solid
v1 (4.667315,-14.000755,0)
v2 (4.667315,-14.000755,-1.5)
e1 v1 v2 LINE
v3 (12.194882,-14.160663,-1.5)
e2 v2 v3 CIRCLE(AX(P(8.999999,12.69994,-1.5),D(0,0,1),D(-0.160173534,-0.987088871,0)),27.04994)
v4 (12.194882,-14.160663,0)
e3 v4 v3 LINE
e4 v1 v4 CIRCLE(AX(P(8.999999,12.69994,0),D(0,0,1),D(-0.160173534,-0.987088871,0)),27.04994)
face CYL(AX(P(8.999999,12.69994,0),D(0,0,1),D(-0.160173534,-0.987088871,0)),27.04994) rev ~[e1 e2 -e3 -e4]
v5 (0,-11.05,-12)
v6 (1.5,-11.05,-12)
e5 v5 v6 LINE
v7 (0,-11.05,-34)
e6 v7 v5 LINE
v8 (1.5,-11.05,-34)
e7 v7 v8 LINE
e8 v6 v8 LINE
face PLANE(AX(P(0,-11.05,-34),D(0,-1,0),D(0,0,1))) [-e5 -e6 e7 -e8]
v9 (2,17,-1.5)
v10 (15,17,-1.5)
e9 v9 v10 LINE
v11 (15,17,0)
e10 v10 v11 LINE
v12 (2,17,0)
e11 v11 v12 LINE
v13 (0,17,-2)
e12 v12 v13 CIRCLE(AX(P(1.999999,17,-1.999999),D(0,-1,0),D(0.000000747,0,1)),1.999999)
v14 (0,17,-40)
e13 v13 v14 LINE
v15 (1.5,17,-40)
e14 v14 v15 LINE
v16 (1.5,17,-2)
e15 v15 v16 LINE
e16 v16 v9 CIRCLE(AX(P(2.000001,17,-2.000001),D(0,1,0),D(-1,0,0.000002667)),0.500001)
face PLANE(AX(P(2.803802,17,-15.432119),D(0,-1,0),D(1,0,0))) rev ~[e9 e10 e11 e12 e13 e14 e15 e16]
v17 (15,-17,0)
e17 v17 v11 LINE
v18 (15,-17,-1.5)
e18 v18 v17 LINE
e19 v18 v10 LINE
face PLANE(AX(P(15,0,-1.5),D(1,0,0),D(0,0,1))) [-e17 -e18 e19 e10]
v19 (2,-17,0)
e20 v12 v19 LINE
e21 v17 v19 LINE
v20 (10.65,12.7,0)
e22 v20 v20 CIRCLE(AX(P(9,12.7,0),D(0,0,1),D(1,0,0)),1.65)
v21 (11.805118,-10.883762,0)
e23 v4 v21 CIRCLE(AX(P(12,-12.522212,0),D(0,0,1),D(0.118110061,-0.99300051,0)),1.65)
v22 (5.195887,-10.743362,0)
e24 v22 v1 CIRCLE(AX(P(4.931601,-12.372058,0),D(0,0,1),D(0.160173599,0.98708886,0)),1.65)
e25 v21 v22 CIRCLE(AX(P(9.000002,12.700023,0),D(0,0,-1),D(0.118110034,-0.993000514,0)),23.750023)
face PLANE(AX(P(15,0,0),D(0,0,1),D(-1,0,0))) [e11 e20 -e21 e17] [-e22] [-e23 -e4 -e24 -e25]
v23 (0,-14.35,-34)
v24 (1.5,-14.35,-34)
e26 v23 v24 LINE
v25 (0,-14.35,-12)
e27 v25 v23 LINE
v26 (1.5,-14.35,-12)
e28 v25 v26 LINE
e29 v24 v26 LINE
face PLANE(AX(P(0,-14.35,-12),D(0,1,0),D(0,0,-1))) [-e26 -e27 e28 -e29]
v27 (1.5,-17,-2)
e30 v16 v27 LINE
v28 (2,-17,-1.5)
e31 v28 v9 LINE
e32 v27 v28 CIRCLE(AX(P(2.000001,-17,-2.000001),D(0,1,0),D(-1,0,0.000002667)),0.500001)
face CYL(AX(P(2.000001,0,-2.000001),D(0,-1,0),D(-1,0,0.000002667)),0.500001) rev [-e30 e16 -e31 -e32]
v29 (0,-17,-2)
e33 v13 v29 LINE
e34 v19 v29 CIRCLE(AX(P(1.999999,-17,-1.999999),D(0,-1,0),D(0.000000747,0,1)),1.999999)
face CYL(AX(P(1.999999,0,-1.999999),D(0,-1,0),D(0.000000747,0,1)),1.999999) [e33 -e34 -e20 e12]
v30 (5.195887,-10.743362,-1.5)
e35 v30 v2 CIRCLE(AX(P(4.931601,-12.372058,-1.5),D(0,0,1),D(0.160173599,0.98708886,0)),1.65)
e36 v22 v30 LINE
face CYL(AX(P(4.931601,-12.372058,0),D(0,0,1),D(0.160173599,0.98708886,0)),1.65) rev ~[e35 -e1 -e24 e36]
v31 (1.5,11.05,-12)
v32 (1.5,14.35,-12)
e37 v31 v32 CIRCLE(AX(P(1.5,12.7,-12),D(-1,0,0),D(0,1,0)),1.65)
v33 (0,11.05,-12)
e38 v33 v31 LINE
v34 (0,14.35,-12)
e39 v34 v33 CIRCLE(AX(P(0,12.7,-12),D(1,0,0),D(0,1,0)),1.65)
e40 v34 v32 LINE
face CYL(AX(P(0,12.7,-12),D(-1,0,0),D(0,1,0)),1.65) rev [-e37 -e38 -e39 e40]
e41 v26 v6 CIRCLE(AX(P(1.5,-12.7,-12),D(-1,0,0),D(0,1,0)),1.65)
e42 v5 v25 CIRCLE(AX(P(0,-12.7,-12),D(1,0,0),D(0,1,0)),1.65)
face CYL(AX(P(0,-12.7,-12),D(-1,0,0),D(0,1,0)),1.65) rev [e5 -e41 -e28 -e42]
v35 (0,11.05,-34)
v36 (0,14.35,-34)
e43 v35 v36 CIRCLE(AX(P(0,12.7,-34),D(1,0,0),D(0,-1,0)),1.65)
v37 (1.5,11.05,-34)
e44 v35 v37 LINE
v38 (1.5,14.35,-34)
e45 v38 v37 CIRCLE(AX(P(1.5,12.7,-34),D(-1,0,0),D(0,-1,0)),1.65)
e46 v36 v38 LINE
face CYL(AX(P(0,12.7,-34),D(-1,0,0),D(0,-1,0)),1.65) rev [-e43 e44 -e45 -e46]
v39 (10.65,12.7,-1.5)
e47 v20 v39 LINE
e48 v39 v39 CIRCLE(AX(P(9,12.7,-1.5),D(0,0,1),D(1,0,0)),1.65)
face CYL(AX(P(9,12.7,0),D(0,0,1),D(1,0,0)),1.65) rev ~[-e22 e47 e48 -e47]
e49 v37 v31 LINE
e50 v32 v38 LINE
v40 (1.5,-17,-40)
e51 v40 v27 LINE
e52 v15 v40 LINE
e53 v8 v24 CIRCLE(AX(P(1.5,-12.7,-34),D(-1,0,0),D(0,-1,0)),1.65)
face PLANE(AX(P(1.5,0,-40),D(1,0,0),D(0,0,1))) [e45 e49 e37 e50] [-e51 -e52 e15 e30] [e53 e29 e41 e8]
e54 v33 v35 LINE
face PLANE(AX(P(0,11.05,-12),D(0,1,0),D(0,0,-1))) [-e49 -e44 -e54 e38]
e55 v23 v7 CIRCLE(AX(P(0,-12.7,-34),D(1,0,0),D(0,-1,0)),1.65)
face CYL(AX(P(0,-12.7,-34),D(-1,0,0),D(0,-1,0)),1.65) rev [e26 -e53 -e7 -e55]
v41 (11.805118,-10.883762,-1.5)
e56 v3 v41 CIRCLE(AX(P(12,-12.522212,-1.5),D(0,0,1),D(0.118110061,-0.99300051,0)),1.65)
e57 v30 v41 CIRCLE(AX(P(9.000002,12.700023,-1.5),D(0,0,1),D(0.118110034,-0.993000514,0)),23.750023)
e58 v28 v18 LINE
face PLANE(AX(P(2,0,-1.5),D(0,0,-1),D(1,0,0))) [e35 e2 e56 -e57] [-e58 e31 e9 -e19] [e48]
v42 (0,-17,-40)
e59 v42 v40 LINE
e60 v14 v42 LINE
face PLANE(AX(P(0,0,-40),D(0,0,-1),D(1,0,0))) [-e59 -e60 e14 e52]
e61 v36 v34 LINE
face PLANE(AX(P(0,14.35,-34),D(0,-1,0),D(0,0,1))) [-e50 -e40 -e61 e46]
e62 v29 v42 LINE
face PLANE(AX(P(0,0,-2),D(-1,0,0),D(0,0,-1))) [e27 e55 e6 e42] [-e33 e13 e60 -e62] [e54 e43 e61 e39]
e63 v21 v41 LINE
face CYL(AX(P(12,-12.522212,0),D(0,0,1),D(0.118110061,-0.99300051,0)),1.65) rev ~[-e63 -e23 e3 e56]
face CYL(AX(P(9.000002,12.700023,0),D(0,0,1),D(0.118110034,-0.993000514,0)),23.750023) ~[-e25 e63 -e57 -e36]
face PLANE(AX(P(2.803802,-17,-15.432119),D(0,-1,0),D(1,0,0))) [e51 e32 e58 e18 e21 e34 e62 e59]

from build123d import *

# Parameters (mm, degrees)
F1_DEPTH = 17
F2_R     = 1.65
F3_DEPTH = 40.001
F5_DEPTH = 15.001


with BuildPart() as f1:
    # F0 (on Front) → F1 (new body, symmetric)
    with BuildSketch(Plane.XZ):
        with BuildLine():
            Line((15, 0), (2, 0))
            ThreePointArc((2, 0), (0.585786, -0.585786), (0, -2))
            Line((0, -2), (0, -40))
            Line((0, -40), (1.5, -40))
            Line((1.5, -40), (1.5, -2))
            ThreePointArc((1.5, -2), (1.646447, -1.646447), (2, -1.5))
            Line((2, -1.5), (15, -1.5))
            Line((15, -1.5), (15, 0))
        make_face()
    extrude(amount=F1_DEPTH, both=True)

    # F2 (on Top) → F3 (cut, through all)
    with BuildSketch(Plane.XY):
        with BuildLine():
            ThreePointArc((12.194882, -14.160663), (13.638451, -12.327331), (11.805118, -10.883762))
            ThreePointArc((11.805118, -10.883762), (8.495594, -11.044643), (5.195887, -10.743362))
            ThreePointArc((5.195887, -10.743362), (3.302904, -12.107773), (4.667315, -14.000755))
            ThreePointArc((4.667315, -14.000755), (8.425508, -14.343899), (12.194882, -14.160663))
        make_face()
        with Locations((9, 12.7)):
            Circle(F2_R)
    extrude(amount=-F3_DEPTH, mode=Mode.SUBTRACT)

    # F4 (on Right) → F5 (cut, through all)
    with BuildSketch(Plane.YZ):
        with BuildLine():
            ThreePointArc((11.05, -34), (12.7, -35.65), (14.35, -34))
            Line((14.35, -34), (14.35, -12))
            ThreePointArc((14.35, -12), (12.7, -10.35), (11.05, -12))
            Line((11.05, -12), (11.05, -34))
        make_face()
        with BuildLine():
            ThreePointArc((-14.35, -34), (-12.7, -35.65), (-11.05, -34))
            Line((-11.05, -34), (-11.05, -12))
            ThreePointArc((-11.05, -12), (-12.7, -10.35), (-14.35, -12))
            Line((-14.35, -12), (-14.35, -34))
        make_face()
    extrude(amount=F5_DEPTH, mode=Mode.SUBTRACT)


solid = f1.part
